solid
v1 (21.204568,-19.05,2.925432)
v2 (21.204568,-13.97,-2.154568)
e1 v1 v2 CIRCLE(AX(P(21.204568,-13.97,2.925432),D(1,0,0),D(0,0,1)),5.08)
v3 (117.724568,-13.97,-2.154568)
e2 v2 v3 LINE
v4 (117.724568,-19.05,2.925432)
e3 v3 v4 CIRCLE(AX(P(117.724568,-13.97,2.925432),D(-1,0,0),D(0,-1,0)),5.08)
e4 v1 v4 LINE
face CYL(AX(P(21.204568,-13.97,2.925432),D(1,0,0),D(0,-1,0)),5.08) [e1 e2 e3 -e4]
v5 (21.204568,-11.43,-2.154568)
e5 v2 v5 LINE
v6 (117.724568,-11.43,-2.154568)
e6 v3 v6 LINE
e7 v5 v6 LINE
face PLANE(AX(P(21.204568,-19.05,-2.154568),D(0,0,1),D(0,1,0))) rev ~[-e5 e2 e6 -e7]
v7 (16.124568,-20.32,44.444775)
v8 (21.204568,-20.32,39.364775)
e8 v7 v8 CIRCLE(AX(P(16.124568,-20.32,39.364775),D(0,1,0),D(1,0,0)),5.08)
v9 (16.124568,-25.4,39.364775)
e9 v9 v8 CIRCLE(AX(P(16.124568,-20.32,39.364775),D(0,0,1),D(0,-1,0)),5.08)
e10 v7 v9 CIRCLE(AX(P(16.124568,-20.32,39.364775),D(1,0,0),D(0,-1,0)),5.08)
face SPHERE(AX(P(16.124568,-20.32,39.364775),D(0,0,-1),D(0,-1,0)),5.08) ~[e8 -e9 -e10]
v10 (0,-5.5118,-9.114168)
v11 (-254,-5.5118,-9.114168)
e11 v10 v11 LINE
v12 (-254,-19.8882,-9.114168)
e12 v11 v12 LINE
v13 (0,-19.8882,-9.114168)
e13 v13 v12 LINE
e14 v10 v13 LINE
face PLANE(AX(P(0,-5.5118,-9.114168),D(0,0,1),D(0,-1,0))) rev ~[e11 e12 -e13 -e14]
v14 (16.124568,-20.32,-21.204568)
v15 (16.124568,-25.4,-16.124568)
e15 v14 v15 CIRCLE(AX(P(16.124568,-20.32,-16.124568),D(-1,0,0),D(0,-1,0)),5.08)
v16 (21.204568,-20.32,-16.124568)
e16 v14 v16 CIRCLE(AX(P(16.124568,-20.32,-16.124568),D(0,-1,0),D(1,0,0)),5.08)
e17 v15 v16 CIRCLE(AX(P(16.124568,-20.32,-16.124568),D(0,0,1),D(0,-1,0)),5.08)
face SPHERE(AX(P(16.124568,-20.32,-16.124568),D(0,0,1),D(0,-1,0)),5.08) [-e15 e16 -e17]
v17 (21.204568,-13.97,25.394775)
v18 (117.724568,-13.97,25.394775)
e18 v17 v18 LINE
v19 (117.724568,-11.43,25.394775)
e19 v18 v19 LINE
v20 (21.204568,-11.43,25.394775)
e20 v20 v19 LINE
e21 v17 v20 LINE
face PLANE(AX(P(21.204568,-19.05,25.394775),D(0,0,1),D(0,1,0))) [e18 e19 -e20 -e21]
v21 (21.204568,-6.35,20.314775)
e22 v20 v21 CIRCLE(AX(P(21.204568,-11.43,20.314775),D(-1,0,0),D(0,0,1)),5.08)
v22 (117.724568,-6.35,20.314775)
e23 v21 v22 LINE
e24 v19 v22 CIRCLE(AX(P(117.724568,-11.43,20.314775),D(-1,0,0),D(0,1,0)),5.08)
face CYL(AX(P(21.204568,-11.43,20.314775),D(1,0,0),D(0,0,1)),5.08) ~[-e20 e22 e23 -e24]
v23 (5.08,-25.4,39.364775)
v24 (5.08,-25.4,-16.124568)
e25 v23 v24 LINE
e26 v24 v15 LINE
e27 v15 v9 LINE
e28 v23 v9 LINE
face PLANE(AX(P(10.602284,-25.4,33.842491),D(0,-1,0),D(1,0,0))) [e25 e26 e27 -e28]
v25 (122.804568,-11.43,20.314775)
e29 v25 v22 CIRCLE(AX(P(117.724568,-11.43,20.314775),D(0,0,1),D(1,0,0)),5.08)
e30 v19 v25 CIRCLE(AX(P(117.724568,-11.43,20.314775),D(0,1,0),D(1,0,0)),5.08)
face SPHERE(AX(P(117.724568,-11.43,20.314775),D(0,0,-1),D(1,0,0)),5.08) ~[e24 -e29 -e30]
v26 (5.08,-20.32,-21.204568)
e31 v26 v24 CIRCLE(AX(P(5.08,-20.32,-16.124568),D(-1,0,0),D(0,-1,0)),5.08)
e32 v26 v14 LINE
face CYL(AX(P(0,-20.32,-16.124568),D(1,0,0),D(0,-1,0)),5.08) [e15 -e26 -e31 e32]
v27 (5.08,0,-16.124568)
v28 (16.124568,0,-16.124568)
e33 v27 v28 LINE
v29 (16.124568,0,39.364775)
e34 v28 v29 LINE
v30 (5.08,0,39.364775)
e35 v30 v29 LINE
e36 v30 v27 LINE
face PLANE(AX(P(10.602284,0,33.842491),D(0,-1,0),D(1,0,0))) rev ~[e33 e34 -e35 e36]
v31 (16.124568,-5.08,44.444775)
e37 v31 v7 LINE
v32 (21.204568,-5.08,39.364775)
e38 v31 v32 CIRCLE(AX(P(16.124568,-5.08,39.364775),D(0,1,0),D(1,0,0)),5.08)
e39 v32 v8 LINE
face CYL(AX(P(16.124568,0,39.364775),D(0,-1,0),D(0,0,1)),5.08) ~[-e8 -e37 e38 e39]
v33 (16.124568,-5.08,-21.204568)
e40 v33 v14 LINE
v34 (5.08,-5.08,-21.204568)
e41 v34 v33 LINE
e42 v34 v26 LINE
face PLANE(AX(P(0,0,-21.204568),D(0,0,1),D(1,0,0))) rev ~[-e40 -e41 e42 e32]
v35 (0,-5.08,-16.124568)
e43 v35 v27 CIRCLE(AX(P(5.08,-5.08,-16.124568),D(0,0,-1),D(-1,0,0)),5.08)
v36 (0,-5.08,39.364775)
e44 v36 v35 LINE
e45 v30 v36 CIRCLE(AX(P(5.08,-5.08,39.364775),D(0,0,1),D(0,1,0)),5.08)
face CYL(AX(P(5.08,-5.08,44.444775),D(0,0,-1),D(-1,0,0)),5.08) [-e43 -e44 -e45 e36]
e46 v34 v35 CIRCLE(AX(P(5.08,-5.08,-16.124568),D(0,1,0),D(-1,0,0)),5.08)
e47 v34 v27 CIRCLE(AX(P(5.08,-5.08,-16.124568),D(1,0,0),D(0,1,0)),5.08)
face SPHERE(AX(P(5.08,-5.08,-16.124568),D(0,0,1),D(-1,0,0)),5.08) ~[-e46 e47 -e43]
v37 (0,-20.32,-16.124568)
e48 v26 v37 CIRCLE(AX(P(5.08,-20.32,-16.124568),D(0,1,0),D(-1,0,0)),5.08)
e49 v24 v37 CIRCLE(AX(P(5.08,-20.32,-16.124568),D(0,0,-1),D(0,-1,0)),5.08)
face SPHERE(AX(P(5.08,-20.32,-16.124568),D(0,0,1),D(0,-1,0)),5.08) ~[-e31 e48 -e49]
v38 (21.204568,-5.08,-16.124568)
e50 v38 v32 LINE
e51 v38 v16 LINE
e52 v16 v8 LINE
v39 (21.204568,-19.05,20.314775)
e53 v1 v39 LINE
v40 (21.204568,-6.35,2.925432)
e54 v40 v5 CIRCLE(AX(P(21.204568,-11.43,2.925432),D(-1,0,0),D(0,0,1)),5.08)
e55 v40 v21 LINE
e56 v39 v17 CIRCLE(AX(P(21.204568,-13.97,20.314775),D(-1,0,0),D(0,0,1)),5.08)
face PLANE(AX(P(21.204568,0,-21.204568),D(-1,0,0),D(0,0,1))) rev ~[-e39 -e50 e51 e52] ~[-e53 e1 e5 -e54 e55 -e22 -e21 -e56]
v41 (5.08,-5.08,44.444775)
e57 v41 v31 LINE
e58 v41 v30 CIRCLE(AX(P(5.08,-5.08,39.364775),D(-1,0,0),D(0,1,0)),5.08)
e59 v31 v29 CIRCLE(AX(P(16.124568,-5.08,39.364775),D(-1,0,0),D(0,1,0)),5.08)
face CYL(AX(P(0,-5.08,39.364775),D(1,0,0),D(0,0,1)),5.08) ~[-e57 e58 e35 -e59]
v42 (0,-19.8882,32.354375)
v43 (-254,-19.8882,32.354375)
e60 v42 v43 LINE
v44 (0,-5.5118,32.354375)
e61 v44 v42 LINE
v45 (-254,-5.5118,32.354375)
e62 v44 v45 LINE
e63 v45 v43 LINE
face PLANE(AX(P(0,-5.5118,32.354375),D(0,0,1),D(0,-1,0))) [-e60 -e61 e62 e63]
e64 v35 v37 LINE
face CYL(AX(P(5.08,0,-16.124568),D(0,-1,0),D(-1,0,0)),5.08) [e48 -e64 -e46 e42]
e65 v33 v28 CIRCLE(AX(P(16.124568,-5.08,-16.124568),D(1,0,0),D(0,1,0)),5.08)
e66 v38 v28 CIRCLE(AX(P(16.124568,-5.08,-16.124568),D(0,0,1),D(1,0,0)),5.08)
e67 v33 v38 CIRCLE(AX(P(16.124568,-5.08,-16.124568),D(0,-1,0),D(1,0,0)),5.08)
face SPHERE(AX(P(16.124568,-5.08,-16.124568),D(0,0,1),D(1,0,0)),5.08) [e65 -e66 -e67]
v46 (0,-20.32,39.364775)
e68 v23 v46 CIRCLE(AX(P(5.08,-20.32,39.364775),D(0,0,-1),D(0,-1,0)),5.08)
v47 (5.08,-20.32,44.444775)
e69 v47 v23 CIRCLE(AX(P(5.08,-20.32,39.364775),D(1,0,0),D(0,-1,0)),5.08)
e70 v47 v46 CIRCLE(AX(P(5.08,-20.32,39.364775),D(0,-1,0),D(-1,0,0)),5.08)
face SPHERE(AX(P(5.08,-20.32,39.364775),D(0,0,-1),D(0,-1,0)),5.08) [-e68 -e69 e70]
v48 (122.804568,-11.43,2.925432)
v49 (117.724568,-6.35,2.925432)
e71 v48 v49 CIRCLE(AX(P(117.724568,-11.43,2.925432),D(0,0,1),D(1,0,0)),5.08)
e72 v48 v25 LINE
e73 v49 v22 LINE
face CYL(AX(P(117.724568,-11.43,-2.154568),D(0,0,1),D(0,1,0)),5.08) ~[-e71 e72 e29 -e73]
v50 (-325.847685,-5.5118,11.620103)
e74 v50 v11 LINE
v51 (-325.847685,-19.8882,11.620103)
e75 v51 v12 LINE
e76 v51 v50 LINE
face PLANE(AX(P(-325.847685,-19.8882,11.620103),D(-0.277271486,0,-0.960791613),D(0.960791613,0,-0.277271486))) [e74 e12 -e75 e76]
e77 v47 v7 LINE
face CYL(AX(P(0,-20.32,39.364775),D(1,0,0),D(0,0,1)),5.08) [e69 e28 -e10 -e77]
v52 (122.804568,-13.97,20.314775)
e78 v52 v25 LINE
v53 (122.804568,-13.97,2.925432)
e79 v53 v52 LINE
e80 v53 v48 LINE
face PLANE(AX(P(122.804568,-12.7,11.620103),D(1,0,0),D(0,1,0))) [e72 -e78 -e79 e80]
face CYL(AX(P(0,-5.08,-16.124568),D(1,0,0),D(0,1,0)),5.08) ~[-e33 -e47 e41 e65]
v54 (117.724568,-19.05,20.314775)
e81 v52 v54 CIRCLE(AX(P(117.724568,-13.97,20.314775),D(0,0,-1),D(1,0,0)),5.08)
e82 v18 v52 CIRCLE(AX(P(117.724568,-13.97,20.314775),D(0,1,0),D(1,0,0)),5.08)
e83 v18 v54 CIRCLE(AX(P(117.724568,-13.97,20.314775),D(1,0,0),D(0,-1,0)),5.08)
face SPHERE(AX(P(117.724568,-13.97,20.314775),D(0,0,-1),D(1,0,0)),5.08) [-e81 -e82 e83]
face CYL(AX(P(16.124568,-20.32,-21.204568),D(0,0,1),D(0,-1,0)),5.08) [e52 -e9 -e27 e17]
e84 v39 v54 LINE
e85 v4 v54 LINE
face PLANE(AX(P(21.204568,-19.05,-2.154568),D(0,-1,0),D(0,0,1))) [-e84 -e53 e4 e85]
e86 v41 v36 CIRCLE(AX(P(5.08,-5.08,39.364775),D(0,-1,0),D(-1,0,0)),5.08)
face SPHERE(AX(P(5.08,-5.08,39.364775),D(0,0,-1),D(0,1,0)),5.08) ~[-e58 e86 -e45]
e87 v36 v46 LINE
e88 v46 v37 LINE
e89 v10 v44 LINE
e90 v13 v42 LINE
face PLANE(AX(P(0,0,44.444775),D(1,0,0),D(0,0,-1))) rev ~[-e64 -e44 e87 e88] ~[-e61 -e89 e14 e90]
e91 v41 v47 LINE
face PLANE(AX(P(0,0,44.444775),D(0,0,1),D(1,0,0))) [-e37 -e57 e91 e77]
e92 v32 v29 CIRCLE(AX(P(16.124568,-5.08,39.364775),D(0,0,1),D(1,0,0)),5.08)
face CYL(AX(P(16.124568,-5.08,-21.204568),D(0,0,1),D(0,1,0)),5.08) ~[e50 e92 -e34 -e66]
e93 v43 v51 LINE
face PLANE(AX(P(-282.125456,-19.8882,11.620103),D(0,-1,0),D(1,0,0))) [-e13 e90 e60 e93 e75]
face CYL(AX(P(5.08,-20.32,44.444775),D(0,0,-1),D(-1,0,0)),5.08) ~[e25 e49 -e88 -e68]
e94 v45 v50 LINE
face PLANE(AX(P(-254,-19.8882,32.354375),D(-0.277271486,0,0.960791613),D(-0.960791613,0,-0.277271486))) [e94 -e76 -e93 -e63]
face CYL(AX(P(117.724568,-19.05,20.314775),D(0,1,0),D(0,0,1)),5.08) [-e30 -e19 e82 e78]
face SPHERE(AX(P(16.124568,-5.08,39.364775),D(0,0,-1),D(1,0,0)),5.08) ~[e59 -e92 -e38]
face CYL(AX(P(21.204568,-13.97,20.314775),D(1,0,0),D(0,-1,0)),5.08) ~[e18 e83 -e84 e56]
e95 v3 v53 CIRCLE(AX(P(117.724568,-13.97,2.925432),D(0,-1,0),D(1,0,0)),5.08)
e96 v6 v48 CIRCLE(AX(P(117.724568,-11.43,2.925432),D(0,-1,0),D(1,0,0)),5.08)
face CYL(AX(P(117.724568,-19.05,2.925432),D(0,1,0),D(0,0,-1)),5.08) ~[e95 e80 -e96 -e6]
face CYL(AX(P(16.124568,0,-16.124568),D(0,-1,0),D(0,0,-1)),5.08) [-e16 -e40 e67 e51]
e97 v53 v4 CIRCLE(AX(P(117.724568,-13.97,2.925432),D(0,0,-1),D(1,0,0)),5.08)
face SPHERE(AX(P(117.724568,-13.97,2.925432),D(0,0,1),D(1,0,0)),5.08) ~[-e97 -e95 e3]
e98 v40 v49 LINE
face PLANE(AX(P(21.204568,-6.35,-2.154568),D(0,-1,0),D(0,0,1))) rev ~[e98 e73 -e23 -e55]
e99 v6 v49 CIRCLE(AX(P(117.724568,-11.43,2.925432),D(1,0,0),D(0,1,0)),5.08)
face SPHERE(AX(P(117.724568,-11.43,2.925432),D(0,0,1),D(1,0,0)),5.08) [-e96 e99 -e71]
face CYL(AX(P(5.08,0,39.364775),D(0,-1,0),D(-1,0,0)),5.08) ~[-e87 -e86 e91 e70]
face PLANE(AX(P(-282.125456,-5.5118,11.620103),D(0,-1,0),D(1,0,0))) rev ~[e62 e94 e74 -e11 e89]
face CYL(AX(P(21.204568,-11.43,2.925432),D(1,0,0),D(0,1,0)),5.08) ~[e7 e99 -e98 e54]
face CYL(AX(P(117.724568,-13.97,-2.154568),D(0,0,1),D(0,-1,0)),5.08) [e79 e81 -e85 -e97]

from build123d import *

# Parameters (mm, degrees)
F0_W     = 21.2045684457
F0_H     = 21.2045684457
F0_H_2   = 23.2402067631
F1_DEPTH = 25.4
F2_W     = 12.7
F2_H     = 27.5493436545
F3_DEPTH = 101.6
F4_W     = 14.3764
F4_H     = 41.4685436545
F5_DEPTH = 254
F7_DEPTH = 14.3764
F8_R     = 5.08


with BuildPart() as f1:
    # F0 (on Front) → F1 (new body)
    with BuildSketch(Plane.XZ):
        with Locations((10.6022842228, 33.842490986)):
            Rectangle(F0_W, F0_H)
        with Locations((10.6022842228, -10.6022842228)):
            Rectangle(F0_W, F0_H)
        with Locations((10.6022842228, 11.6201033816)):
            Rectangle(F0_W, F0_H_2)
    extrude(amount=F1_DEPTH)

    # F2 (on face) → F3 (join)
    with BuildSketch(Plane.YZ.offset(21.2045684457)):
        with Locations((-12.7, 11.6201033816)):
            Rectangle(F2_W, F2_H)
    extrude(amount=F3_DEPTH)

    # F4 (on face) → F5 (join)
    with BuildSketch(Plane(origin=(0, 0, 0), x_dir=(0, -1, 0), z_dir=(-1, 0, 0))):
        with Locations((12.7, 11.6201033816)):
            Rectangle(F4_W, F4_H)
    extrude(amount=F5_DEPTH)

    # F6 (on face) → F7 (join)
    with BuildSketch(Plane.XZ.offset(19.8882)):
        Polygon((-254, -9.1141684457), (-254, 32.3543752088), (-325.8476853371, 11.6201033816), align=None)
    extrude(amount=-F7_DEPTH)

    # F8
    f8_edges = [f1.edges().sort_by_distance(p)[0] for p in [
        (21.204568, -25.4, 11.620103),
        (0, -25.4, 11.620103),
        (0, 0, 11.620103),
        (21.204568, 0, 11.620103),
        (10.602284, -25.4, 44.444775),
        (21.204568, -12.7, 44.444775),
        (10.602284, 0, 44.444775),
        (0, -12.7, 44.444775),
        (10.602284, -25.4, -21.204568),
        (21.204568, -12.7, -21.204568),
        (0, -12.7, -21.204568),
        (10.602284, 0, -21.204568),
        (122.804568, -19.05, 11.620103),
        (122.804568, -6.35, 11.620103),
        (122.804568, -12.7, -2.154568),
        (122.804568, -12.7, 25.394775),
        (72.004568, -19.05, 25.394775),
        (72.004568, -6.35, 25.394775),
        (72.004568, -19.05, -2.154568),
        (72.004568, -6.35, -2.154568),
    ]]
    fillet(f8_edges, radius=F8_R)


solid = f1.part
